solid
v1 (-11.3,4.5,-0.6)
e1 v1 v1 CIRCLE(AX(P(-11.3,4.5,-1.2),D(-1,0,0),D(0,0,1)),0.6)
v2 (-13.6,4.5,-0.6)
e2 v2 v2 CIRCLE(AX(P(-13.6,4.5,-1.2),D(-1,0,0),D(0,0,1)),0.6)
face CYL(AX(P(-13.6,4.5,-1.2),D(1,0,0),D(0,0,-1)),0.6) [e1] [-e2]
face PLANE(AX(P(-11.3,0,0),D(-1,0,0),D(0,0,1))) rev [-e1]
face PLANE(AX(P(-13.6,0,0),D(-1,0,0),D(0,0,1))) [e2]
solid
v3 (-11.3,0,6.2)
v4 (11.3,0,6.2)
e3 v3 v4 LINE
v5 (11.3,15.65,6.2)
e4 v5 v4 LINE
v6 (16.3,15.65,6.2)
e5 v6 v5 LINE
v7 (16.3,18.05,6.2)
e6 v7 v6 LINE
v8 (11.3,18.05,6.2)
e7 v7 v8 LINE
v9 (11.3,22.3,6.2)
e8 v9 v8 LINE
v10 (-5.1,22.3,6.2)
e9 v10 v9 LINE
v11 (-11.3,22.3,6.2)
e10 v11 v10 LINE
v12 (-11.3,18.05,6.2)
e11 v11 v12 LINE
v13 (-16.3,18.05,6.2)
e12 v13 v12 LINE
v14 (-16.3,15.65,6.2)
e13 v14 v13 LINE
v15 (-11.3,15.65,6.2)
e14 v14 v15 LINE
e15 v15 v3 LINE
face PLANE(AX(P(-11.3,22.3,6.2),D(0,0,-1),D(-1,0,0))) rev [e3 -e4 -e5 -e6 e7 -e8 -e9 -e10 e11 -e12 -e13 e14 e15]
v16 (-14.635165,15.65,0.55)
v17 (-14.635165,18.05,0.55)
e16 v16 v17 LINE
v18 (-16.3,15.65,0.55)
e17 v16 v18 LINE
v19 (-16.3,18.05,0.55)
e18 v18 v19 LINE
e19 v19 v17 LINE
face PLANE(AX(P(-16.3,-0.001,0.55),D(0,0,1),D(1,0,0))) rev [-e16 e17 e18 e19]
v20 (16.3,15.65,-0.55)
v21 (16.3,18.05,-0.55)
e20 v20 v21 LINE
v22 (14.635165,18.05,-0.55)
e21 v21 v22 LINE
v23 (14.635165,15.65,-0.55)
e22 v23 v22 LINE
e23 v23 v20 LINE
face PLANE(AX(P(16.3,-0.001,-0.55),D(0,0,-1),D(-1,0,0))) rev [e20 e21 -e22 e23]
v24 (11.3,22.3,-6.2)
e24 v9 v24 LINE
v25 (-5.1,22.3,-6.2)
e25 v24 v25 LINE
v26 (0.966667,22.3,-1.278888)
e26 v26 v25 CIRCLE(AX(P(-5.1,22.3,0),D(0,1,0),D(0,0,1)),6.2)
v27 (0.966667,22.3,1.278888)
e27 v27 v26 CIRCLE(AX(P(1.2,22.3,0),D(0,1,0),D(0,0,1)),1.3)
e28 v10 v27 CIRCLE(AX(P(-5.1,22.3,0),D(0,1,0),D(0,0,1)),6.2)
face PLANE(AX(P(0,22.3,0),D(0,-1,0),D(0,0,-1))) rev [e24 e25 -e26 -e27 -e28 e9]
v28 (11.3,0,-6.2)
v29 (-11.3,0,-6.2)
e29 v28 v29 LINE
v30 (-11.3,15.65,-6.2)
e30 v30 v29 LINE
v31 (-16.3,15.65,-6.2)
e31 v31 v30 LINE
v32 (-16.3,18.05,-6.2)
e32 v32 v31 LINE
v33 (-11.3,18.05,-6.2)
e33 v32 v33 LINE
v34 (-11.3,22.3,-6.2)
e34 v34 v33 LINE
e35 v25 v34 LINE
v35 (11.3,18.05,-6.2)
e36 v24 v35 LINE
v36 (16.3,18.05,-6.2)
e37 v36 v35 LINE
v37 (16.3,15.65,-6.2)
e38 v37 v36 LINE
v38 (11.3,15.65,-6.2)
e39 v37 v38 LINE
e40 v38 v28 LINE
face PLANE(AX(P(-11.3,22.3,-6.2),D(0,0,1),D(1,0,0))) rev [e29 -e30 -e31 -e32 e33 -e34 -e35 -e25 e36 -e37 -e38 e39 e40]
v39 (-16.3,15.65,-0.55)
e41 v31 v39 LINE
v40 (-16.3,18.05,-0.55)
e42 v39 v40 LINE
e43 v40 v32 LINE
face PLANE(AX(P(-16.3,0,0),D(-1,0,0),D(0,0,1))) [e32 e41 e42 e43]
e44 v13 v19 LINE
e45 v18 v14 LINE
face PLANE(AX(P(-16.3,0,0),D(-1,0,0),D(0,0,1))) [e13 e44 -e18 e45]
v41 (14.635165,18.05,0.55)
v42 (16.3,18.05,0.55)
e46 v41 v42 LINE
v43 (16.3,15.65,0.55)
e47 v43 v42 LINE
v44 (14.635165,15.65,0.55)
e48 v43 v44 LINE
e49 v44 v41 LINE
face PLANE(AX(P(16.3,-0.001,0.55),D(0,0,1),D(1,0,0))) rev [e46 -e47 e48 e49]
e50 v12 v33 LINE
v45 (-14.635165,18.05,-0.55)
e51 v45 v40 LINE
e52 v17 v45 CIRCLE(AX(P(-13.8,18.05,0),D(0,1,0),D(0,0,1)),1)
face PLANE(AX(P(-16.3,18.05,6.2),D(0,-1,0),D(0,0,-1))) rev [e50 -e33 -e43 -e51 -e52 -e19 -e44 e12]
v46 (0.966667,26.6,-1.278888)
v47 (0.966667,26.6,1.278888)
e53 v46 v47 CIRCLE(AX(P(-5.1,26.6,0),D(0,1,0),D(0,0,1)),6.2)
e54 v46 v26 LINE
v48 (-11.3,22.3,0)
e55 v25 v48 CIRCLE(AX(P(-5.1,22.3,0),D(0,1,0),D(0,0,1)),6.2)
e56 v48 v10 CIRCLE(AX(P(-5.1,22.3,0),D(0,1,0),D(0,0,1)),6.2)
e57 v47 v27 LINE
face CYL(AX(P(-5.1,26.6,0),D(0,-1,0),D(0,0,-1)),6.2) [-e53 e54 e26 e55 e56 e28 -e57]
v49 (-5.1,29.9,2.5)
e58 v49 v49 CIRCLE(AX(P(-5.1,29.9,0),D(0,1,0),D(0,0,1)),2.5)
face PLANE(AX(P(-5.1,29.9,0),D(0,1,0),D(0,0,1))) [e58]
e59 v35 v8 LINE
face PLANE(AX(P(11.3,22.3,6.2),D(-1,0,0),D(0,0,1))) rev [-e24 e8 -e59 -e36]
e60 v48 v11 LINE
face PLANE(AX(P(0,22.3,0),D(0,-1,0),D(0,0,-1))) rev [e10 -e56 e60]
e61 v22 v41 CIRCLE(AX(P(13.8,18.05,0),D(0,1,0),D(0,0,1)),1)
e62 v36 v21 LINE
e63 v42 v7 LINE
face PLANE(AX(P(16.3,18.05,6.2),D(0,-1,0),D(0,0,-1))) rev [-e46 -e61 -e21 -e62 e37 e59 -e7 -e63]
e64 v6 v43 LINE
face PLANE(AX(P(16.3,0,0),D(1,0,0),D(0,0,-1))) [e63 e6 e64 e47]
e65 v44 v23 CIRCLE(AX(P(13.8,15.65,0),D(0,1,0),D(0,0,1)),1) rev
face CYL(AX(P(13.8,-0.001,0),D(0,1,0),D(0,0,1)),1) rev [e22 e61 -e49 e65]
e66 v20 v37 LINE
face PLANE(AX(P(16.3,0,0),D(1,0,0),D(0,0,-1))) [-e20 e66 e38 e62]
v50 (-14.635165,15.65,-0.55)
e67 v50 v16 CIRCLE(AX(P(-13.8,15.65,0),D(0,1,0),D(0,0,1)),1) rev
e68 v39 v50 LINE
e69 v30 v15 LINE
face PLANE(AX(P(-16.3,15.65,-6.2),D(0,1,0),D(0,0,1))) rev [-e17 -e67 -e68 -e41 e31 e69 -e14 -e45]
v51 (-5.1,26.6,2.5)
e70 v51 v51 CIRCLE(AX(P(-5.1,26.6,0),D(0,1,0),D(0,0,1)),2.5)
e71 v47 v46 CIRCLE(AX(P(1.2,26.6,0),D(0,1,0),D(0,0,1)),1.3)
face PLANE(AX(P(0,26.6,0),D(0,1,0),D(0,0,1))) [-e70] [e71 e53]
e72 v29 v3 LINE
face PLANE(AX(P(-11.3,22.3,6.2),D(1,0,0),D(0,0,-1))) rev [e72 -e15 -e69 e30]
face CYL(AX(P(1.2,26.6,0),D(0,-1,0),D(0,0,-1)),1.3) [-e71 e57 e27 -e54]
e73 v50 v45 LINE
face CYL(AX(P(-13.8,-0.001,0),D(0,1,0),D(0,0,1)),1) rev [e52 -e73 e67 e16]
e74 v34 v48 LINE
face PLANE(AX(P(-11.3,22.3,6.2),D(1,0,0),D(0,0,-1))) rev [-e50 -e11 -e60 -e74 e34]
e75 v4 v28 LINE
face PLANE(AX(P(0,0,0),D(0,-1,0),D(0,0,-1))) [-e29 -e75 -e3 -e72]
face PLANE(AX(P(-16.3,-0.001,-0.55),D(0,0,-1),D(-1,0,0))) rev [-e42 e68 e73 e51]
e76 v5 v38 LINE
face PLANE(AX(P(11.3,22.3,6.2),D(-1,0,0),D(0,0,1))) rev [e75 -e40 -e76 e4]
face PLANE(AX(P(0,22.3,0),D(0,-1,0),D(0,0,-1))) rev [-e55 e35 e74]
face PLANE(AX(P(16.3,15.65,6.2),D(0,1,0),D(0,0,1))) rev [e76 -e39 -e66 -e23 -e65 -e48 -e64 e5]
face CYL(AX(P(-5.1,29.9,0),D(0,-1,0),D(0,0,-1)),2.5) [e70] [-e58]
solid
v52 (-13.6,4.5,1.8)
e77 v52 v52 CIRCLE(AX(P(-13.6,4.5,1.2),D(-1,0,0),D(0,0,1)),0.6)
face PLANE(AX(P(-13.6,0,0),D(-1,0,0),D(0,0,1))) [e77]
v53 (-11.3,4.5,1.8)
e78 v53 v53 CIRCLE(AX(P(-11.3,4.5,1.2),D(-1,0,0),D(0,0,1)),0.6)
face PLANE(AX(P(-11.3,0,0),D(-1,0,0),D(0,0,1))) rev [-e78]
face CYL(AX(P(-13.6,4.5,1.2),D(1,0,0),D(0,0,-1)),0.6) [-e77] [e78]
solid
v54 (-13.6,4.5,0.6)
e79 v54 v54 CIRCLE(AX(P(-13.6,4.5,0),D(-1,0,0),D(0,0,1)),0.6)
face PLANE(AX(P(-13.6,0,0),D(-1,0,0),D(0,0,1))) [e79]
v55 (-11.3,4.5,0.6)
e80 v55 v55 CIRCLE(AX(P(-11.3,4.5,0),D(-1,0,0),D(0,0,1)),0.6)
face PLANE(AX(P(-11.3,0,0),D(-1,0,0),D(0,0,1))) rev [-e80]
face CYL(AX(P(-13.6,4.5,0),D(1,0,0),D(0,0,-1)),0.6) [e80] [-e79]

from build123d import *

# Parameters (mm, degrees)
SKETCH1_W             = 22.6
SKETCH1_H             = 12.4
BOSS_EXTRUDE1_DEPTH   = 22.3
SKETCH2_W             = 12.4
SKETCH2_H             = 2.4
BOSS_EXTRUDE2_DEPTH   = 5
SKETCH3_W             = 12.4
SKETCH3_H             = 2.4
BOSS_EXTRUDE3_DEPTH   = 5
CUT_EXTRUDE1_REACH    = 27.098
BOSS_EXTRUDE4_DEPTH   = 4.3
SKETCH7_R             = 2.5
BOSS_EXTRUDE5_DEPTH   = 3.3
SKETCH8_R             = 0.6
BOSS_EXTRUDE7_DEPTH   = 2.3
BOSS_EXTRUDE7_2_DEPTH = 2.3
BOSS_EXTRUDE7_3_DEPTH = 2.3


with BuildPart() as part:
    # Sketch1 → Boss-Extrude1 (new body)
    with BuildSketch(Plane(origin=(0, 0, 0), x_dir=(1, 0, 0), z_dir=(0, 1, 0))):
        Rectangle(SKETCH1_W, SKETCH1_H)
    extrude(amount=BOSS_EXTRUDE1_DEPTH)

    # Sketch2 → Boss-Extrude2 (add)
    with BuildSketch(Plane(origin=(11.3, 0, 0), x_dir=(0, 0, -1), z_dir=(1, 0, 0))):
        with Locations((0, 16.85)):
            Rectangle(SKETCH2_W, SKETCH2_H)
    extrude(amount=BOSS_EXTRUDE2_DEPTH)

    # Sketch3 → Boss-Extrude3 (add)
    with BuildSketch(Plane.ZY.offset(11.3)):
        with Locations((0, 16.85)):
            Rectangle(SKETCH3_W, SKETCH3_H)
    extrude(amount=BOSS_EXTRUDE3_DEPTH)

    # Sketch4 → Cut-Extrude1 (cut, up to next)
    with BuildSketch(Plane(origin=(0, 18.05, 0), x_dir=(1, 0, 0), z_dir=(0, 1, 0)), mode=Mode.PRIVATE) as cut_extrude1_sk1:
        with BuildLine():
            Line((-16.3, 0.55), (-14.635164654, 0.55))
            ThreePointArc((-14.635164654, 0.55), (-12.8, 0), (-14.635164654, -0.55))
            Line((-14.635164654, -0.55), (-16.3, -0.55))
            Line((-16.3, -0.55), (-16.3, 0.55))
        make_face()
    cut_extrude1_tool1 = extrude(cut_extrude1_sk1.sketch, amount=-CUT_EXTRUDE1_REACH, mode=Mode.PRIVATE) & part.part
    # Sketch4 → Cut-Extrude1 (cut, up to next)
    with BuildSketch(Plane(origin=(0, 18.05, 0), x_dir=(1, 0, 0), z_dir=(0, 1, 0)), mode=Mode.PRIVATE) as cut_extrude1_sk2:
        with BuildLine():
            Line((16.3, -0.55), (14.635164654, -0.55))
            ThreePointArc((14.635164654, -0.55), (12.8, 0), (14.635164654, 0.55))
            Line((14.635164654, 0.55), (16.3, 0.55))
            Line((16.3, 0.55), (16.3, -0.55))
        make_face()
    cut_extrude1_tool2 = extrude(cut_extrude1_sk2.sketch, amount=-CUT_EXTRUDE1_REACH, mode=Mode.PRIVATE) & part.part
    add(cut_extrude1_tool1.solids().sort_by_distance((-14.40681, 18.05, 0))[0], mode=Mode.SUBTRACT)
    add(cut_extrude1_tool2.solids().sort_by_distance((14.40681, 18.05, 0))[0], mode=Mode.SUBTRACT)

    # Sketch6 → Boss-Extrude4 (add)
    with BuildSketch(Plane(origin=(0, 22.3, 0), x_dir=(1, 0, 0), z_dir=(0, 1, 0))):
        with BuildLine():
            ThreePointArc((1.2, -1.3), (2.5, 0), (1.2, 1.3))
            ThreePointArc((1.2, 1.3), (1.082856772, 1.294711344), (0.966666667, 1.278888406))
            ThreePointArc((0.966666667, 1.278888406), (0.964431433, 1.289446156), (0.962177826, 1.3))
            ThreePointArc((0.962177826, 1.3), (-11.3, 0), (0.962177826, -1.3))
            ThreePointArc((0.962177826, -1.3), (0.964431433, -1.289446156), (0.966666667, -1.278888406))
            ThreePointArc((0.966666667, -1.278888406), (1.082856772, -1.294711344), (1.2, -1.3))
        make_face()
    extrude(amount=BOSS_EXTRUDE4_DEPTH)

    # Sketch7 → Boss-Extrude5 (add)
    with BuildSketch(Plane(origin=(0, 26.6, 0), x_dir=(1, 0, 0), z_dir=(0, 1, 0))):
        with Locations((-5.1, 0)):
            Circle(SKETCH7_R)
    extrude(amount=BOSS_EXTRUDE5_DEPTH)


with BuildPart() as body_2:
    # Sketch8 → Boss-Extrude7 (new body)
    with BuildSketch(Plane.ZY.offset(11.3)):
        with Locations((-1.2, 4.5)):
            Circle(SKETCH8_R)
    extrude(amount=BOSS_EXTRUDE7_DEPTH)


with BuildPart() as body_3:
    # Sketch8 → Boss-Extrude7 2 (new body)
    with BuildSketch(Plane.ZY.offset(11.3)):
        with Locations((1.2, 4.5)):
            Circle(SKETCH8_R)
    extrude(amount=BOSS_EXTRUDE7_2_DEPTH)


with BuildPart() as body_4:
    # Sketch8 → Boss-Extrude7 3 (new body)
    with BuildSketch(Plane.ZY.offset(11.3)):
        with BuildLine():
            ThreePointArc((0.6, 4.5), (0, 5.1), (-0.6, 4.5))
            ThreePointArc((-0.6, 4.5), (0, 3.9), (0.6, 4.5))
        make_face()
    extrude(amount=BOSS_EXTRUDE7_3_DEPTH)


solid = Compound([part.part, body_2.part, body_3.part, body_4.part])
